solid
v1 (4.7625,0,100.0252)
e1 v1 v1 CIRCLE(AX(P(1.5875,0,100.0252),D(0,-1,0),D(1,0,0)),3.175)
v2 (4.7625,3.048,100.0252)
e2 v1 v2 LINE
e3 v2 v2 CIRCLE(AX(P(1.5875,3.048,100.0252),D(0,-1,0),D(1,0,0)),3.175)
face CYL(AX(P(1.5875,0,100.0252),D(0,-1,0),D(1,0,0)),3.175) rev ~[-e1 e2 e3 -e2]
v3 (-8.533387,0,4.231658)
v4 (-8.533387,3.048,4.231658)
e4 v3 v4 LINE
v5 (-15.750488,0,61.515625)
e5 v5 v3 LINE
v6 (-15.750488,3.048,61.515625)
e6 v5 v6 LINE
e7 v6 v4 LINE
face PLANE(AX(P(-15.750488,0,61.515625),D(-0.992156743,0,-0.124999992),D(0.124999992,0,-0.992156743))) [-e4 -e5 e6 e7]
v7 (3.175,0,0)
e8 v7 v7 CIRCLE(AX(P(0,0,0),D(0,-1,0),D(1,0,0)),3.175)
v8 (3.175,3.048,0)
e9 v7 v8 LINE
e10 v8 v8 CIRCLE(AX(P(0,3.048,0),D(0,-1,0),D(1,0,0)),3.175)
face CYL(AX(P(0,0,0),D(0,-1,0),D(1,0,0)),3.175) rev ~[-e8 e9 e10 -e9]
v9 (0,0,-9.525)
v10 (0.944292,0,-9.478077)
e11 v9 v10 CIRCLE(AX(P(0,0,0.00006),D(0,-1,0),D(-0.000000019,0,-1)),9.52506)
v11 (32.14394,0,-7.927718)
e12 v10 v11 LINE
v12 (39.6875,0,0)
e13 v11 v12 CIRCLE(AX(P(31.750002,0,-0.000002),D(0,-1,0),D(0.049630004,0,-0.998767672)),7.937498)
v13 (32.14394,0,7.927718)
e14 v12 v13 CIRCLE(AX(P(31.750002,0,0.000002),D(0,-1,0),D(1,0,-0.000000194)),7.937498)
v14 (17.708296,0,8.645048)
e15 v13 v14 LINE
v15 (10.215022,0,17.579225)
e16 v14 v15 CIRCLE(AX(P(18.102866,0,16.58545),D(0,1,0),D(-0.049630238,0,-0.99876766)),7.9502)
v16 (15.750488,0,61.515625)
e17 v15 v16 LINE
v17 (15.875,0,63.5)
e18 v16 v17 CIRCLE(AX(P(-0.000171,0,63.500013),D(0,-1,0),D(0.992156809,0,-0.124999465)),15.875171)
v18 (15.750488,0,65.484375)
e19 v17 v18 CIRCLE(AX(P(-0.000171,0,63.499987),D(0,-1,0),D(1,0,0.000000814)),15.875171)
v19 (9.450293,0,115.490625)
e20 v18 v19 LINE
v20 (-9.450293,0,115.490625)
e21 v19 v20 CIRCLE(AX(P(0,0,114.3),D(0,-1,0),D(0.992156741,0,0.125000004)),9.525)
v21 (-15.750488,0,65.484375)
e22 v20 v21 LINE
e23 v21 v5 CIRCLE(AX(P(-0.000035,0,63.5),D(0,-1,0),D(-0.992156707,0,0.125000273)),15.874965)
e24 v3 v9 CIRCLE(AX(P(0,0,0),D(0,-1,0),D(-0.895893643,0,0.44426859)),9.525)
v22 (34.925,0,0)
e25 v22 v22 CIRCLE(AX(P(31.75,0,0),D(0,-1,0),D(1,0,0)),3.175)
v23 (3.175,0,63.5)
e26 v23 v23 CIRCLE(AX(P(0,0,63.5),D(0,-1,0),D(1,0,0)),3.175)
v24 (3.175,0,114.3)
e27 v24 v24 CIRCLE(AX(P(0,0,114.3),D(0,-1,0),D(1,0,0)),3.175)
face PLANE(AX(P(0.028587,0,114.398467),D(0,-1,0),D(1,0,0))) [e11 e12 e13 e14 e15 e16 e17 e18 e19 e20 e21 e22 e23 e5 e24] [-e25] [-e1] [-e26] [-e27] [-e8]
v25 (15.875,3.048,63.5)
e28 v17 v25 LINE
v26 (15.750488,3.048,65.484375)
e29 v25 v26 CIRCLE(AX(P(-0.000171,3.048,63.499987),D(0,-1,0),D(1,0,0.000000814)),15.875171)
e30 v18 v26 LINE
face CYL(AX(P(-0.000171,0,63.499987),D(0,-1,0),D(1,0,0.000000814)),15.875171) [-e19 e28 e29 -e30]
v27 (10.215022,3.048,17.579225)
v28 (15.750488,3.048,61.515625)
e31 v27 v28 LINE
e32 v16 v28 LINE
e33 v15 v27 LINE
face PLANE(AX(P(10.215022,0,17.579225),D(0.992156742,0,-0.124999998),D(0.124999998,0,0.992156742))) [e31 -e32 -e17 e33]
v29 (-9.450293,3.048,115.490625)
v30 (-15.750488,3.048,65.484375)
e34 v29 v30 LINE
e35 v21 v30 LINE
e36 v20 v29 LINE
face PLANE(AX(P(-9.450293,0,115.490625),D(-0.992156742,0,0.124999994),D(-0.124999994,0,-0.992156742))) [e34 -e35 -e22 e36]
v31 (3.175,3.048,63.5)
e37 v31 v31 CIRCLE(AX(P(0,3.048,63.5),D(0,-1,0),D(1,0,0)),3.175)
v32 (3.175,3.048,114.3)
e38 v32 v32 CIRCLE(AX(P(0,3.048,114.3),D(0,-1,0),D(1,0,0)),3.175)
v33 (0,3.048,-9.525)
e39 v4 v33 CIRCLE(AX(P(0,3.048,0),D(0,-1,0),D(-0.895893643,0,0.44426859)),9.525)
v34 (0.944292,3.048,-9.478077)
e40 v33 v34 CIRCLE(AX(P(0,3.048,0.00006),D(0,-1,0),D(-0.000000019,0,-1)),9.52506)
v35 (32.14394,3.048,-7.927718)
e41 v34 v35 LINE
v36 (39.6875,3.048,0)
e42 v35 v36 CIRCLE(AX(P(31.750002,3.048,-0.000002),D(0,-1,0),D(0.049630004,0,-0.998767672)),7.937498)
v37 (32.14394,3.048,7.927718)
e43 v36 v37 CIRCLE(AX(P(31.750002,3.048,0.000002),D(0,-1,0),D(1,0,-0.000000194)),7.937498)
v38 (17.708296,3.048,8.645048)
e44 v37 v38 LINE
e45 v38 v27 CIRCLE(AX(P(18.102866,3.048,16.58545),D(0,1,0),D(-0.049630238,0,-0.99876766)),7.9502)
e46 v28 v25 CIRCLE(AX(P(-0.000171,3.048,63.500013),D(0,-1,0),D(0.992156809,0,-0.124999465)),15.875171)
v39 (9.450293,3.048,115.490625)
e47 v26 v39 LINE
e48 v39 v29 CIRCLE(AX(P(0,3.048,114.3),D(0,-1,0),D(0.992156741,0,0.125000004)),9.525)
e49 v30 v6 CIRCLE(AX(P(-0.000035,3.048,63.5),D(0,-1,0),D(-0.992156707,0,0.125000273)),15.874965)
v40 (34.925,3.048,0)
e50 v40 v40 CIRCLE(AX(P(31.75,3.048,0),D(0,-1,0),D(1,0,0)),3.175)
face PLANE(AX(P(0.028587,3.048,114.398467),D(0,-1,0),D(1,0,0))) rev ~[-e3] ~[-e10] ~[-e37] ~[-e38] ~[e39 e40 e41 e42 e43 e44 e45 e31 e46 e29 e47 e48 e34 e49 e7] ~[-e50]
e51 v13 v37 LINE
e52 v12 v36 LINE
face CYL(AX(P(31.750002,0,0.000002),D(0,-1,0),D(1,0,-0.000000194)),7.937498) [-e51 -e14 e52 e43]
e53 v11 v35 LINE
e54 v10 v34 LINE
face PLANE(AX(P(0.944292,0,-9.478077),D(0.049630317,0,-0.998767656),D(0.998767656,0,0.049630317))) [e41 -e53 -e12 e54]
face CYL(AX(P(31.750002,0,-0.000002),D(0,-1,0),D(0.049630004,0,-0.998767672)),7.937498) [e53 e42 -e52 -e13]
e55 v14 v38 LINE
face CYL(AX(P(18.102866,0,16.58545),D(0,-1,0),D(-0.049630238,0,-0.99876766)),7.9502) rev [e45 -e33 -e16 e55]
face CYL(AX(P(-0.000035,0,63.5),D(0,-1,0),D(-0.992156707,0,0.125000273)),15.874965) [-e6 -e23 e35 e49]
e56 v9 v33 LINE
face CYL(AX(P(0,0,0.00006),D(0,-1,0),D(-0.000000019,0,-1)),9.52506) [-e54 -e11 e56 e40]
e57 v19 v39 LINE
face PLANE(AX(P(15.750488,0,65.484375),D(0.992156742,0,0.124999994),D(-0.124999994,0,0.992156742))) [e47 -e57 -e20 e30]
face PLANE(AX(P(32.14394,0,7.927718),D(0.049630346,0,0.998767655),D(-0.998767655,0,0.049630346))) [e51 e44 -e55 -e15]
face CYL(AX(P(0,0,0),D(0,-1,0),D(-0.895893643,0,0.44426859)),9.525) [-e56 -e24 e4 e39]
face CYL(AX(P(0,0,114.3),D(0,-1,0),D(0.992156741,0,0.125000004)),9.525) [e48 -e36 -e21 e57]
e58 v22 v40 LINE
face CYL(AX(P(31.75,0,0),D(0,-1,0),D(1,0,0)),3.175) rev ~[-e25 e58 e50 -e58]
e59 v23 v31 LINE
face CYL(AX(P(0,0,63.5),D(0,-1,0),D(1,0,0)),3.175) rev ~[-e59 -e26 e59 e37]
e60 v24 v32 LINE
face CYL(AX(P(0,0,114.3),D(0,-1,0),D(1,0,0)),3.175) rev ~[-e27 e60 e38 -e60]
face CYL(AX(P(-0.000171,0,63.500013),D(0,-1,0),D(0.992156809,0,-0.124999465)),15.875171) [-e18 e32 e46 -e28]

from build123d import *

# Parameters (mm, degrees)
F0_R     = 3.175
F1_DEPTH = 3.048


with BuildPart() as f1:
    # F0 (on Front) → F1 (new body)
    with BuildSketch(Plane.XZ):
        with BuildLine():
            ThreePointArc((-9.450293, 115.490625), (-0.596483, 104.793695), (9.525, 114.3))
            ThreePointArc((9.525, 114.3), (9.506305, 114.896483), (9.450293, 115.490625))
            ThreePointArc((9.450293, 115.490625), (0, 123.825), (-9.450293, 115.490625))
        make_face()
        with Locations((0, 114.3)):
            Circle(F0_R, mode=Mode.SUBTRACT)
        with BuildLine():
            ThreePointArc((9.450293, 115.490625), (9.506305, 114.896483), (9.525, 114.3))
            ThreePointArc((9.525, 114.3), (-0.596483, 104.793695), (-9.450293, 115.490625))
            Line((-9.450293, 115.490625), (-15.750488, 65.484375))
            ThreePointArc((-15.750488, 65.484375), (0, 79.375), (15.750488, 65.484375))
            Line((15.750488, 65.484375), (9.450293, 115.490625))
        make_face()
        with Locations((1.5875, 100.0252)):
            Circle(F0_R, mode=Mode.SUBTRACT)
        with BuildLine():
            ThreePointArc((15.875, 63.5), (15.843841, 64.494139), (15.750488, 65.484375))
            ThreePointArc((15.750488, 65.484375), (0, 79.375), (-15.750488, 65.484375))
            ThreePointArc((-15.750488, 65.484375), (-15.875, 63.5), (-15.750488, 61.515625))
            ThreePointArc((-15.750488, 61.515625), (0, 47.625), (15.750488, 61.515625))
            ThreePointArc((15.750488, 61.515625), (15.843841, 62.505861), (15.875, 63.5))
        make_face()
        with Locations((0, 63.5)):
            Circle(F0_R, mode=Mode.SUBTRACT)
        with BuildLine():
            ThreePointArc((15.750488, 61.515625), (0, 47.625), (-15.750488, 61.515625))
            Line((-15.750488, 61.515625), (-8.533387, 4.231658))
            ThreePointArc((-8.533387, 4.231658), (2.173145, 9.273784), (9.525, 0))
            ThreePointArc((9.525, 0), (7.061162, -6.392622), (0.944292, -9.478077))
            Line((0.944292, -9.478077), (32.14394, -7.927718))
            ThreePointArc((32.14394, -7.927718), (23.8125, 0), (32.14394, 7.927718))
            Line((32.14394, 7.927718), (17.708296, 8.645048))
            ThreePointArc((17.708296, 8.645048), (12.011522, 11.476517), (10.215022, 17.579225))
            Line((10.215022, 17.579225), (15.750488, 61.515625))
        make_face()
        with BuildLine():
            ThreePointArc((9.525, 0), (2.173145, 9.273784), (-8.533387, 4.231658))
            ThreePointArc((-8.533387, 4.231658), (-8.094201, -5.02091), (0, -9.525))
            Line((0, -9.525), (0.944292, -9.478077))
            ThreePointArc((0.944292, -9.478077), (7.061162, -6.392622), (9.525, 0))
        make_face()
        Circle(F0_R, mode=Mode.SUBTRACT)
        with BuildLine():
            Line((0.944292, -9.478077), (0, -9.525))
            ThreePointArc((0, -9.525), (0.472729, -9.513262), (0.944292, -9.478077))
        make_face()
        with BuildLine():
            ThreePointArc((39.6875, 0), (37.500253, 5.471609), (32.14394, 7.927718))
            ThreePointArc((32.14394, 7.927718), (23.8125, 0), (32.14394, -7.927718))
            ThreePointArc((32.14394, -7.927718), (37.500253, -5.471609), (39.6875, 0))
        make_face()
        with Locations((31.75, 0)):
            Circle(F0_R, mode=Mode.SUBTRACT)
    extrude(amount=-F1_DEPTH)


solid = f1.part
